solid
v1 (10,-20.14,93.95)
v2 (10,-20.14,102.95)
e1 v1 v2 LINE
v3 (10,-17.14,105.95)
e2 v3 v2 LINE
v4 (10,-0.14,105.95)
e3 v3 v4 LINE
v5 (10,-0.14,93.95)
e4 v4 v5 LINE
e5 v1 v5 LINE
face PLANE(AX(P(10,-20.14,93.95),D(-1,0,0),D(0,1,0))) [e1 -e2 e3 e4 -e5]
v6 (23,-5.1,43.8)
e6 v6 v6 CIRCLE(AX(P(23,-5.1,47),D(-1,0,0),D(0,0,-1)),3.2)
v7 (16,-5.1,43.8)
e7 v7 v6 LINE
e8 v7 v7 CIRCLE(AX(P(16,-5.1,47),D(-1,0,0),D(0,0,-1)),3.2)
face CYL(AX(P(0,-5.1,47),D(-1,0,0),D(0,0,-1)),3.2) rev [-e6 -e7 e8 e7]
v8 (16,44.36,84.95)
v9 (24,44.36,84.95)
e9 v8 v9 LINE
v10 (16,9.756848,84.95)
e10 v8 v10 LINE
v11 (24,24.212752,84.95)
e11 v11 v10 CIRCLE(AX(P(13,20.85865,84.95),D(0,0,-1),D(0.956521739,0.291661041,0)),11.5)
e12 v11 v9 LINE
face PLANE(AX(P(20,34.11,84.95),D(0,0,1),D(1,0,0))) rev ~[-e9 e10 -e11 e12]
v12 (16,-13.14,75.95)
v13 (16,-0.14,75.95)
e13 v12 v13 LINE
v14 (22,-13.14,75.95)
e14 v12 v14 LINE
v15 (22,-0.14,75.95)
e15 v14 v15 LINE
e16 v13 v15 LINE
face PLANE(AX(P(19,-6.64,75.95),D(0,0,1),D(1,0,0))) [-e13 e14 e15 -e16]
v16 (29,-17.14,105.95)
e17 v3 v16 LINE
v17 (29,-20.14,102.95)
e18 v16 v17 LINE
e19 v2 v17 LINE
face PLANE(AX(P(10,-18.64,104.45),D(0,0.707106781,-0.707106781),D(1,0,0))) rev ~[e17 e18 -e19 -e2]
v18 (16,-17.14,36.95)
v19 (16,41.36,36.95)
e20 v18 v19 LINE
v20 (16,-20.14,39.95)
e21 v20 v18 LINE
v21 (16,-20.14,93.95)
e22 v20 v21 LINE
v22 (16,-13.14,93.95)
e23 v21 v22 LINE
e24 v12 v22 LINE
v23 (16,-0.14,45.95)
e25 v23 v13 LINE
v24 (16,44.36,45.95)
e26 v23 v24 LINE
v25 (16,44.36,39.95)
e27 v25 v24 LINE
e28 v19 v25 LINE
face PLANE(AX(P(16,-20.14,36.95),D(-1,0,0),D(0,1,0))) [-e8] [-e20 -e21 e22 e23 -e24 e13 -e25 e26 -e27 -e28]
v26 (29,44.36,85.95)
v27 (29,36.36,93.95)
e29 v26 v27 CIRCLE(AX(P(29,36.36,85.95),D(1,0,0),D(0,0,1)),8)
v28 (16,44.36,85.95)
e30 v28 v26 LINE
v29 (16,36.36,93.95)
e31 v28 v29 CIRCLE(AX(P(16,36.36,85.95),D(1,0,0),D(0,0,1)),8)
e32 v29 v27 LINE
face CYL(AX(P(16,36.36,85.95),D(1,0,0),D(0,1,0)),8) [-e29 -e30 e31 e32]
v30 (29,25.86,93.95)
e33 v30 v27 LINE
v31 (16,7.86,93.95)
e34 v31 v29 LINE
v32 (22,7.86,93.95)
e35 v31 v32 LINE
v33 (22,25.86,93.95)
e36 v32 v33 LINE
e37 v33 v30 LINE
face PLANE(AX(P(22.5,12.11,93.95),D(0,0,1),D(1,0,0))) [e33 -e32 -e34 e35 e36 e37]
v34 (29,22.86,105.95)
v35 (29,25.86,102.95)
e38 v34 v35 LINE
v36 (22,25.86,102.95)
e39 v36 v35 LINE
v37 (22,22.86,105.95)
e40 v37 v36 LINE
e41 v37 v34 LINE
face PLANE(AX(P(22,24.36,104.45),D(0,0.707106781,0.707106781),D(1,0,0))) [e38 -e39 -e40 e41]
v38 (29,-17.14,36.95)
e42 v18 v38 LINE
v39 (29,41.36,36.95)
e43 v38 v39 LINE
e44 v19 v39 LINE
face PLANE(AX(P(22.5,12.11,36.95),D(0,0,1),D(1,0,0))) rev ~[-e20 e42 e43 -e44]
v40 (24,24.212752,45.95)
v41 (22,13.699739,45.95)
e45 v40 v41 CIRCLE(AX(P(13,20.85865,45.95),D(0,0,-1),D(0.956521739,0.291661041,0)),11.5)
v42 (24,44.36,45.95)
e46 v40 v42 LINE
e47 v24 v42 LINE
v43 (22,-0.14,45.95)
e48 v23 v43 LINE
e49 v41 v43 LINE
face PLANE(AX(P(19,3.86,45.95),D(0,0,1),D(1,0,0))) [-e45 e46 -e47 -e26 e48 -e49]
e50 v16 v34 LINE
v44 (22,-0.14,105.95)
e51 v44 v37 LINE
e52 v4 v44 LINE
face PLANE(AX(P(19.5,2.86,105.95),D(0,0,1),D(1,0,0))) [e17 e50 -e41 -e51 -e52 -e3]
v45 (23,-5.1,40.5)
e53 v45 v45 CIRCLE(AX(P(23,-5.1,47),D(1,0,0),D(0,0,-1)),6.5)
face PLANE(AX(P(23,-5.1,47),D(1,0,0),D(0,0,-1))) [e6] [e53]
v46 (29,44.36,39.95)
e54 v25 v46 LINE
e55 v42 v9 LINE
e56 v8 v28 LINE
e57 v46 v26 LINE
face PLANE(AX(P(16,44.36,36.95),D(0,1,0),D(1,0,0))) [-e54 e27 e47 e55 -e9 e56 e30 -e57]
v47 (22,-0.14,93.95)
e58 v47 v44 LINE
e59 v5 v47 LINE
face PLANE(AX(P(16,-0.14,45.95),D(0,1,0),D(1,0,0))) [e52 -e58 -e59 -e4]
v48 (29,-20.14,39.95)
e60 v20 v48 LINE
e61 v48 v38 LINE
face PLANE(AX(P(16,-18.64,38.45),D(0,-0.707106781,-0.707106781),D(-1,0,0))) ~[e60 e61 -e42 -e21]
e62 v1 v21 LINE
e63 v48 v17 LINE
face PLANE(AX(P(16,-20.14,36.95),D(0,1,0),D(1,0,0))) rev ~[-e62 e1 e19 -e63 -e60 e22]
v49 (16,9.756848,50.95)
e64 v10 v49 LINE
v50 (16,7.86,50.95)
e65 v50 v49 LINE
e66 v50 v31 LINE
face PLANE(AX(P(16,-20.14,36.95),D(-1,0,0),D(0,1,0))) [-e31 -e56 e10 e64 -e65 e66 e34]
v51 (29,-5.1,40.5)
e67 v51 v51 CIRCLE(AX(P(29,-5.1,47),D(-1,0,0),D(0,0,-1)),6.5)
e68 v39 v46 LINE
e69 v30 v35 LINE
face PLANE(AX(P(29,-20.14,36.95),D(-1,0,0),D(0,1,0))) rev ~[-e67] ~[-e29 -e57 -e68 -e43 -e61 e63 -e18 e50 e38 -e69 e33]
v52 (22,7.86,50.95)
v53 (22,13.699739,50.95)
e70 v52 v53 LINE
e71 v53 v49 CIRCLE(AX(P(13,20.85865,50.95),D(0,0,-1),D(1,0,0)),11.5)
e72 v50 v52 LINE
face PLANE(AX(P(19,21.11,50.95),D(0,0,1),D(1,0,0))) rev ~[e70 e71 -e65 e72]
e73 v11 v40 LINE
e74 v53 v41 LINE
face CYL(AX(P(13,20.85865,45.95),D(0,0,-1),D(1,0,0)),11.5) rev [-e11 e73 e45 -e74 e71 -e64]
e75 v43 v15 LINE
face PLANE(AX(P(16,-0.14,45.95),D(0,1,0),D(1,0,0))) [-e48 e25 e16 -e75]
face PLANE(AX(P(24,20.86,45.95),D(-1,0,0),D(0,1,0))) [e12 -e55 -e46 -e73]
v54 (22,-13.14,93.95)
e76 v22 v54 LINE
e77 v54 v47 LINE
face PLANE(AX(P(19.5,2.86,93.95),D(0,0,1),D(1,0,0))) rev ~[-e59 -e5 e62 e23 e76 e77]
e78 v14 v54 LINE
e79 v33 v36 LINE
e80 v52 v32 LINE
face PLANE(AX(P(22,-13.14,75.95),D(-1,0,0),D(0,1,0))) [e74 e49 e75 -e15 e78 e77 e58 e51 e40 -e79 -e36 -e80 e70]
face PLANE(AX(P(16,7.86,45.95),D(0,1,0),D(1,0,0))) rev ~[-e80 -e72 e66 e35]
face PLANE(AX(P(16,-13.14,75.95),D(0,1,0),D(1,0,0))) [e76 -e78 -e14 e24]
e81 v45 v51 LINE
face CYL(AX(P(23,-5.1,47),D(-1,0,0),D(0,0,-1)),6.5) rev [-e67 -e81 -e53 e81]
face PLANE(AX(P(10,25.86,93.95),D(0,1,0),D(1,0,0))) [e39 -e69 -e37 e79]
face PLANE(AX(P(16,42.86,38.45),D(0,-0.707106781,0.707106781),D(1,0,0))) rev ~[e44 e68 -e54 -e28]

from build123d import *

# Parameters (mm, degrees)
CYLINDER012_R     = 3.2
CYLINDER012_DEPTH = 30
CYLINDER013_R     = 6.5
CYLINDER013_DEPTH = 7
BOX006_W          = 6
BOX006_H          = 8
BOX006_DEPTH      = 48
BOX009_W          = 6
BOX009_H          = 13
BOX009_DEPTH      = 18
CYLINDER011_R     = 11.5
CYLINDER011_DEPTH = 39
BOX007_W          = 6
BOX007_H          = 42.5
BOX007_DEPTH      = 5
BOX008_W          = 8
BOX008_H          = 26.5
BOX008_DEPTH      = 39
BOX010_W          = 19
BOX010_H          = 27
BOX010_DEPTH      = 12
BOX005_W          = 13
BOX005_H          = 64.5
BOX005_DEPTH      = 57
FILLET_R          = 8
BOX004_W          = 19
BOX004_H          = 46
BOX004_DEPTH      = 12
CHAMFER007_SIZE   = 3


with BuildPart() as cylinder:
    # Cylinder012 → Cylinder012 (new body)
    with BuildSketch(Plane(origin=(0, -5.1, 47), x_dir=(0, 0, -1), z_dir=(1, 0, 0))):
        Circle(CYLINDER012_R)
    extrude(amount=CYLINDER012_DEPTH)


with BuildPart() as fusion006:
    # Cylinder013 → Cylinder013 (new body)
    with BuildSketch(Plane(origin=(23, -5.1, 47), x_dir=(0, 0, -1), z_dir=(1, 0, 0))):
        Circle(CYLINDER013_R)
    extrude(amount=CYLINDER013_DEPTH)

    # Fusion006: union Cylinder
    add(cylinder.part)


with BuildPart() as cube006:
    # Box006 → Box006 (new body)
    with BuildSketch(Plane(origin=(16, -0.14, 45.95), x_dir=(1, 0, 0), z_dir=(0, 0, 1))):
        with Locations((3, 4)):
            Rectangle(BOX006_W, BOX006_H)
    extrude(amount=BOX006_DEPTH)


with BuildPart() as cube009:
    # Box009 → Box009 (new body)
    with BuildSketch(Plane(origin=(16, -13.14, 75.95), x_dir=(1, 0, 0), z_dir=(0, 0, 1))):
        with Locations((3, 6.5)):
            Rectangle(BOX009_W, BOX009_H)
    extrude(amount=BOX009_DEPTH)


with BuildPart() as pos011:
    # Cylinder011 → Cylinder011 (new body)
    with BuildSketch(Plane(origin=(13, 20.85865, 45.95), x_dir=(1, 0, 0), z_dir=(0, 0, 1))):
        Circle(CYLINDER011_R)
    extrude(amount=CYLINDER011_DEPTH)


with BuildPart() as cube007:
    # Box007 → Box007 (new body)
    with BuildSketch(Plane(origin=(16, -0.14, 45.95), x_dir=(1, 0, 0), z_dir=(0, 0, 1))):
        with Locations((3, 21.25)):
            Rectangle(BOX007_W, BOX007_H)
    extrude(amount=BOX007_DEPTH)


with BuildPart() as cube008:
    # Box008 → Box008 (new body)
    with BuildSketch(Plane(origin=(16, 20.86, 45.95), x_dir=(1, 0, 0), z_dir=(0, 0, 1))):
        with Locations((4, 13.25)):
            Rectangle(BOX008_W, BOX008_H)
    extrude(amount=BOX008_DEPTH)


with BuildPart() as fusion009:
    # Box010 → Box010 (new body)
    with BuildSketch(Plane(origin=(3, -0.14, 93.95), x_dir=(1, 0, 0), z_dir=(0, 0, 1))):
        with Locations((9.5, 13.5)):
            Rectangle(BOX010_W, BOX010_H)
    extrude(amount=BOX010_DEPTH)

    # Fusion009: union Fusion006, Cube006, Cube009, pos011, Cube007, Cube008
    add(fusion006.part)
    add(cube006.part)
    add(cube009.part)
    add(pos011.part)
    add(cube007.part)
    add(cube008.part)


with BuildPart() as fillet_body:
    # Box005 → Box005 (new body)
    with BuildSketch(Plane(origin=(16, -20.14, 36.95), x_dir=(1, 0, 0), z_dir=(0, 0, 1))):
        with Locations((6.5, 32.25)):
            Rectangle(BOX005_W, BOX005_H)
    extrude(amount=BOX005_DEPTH)

    # Fillet
    fillet_edges = [fillet_body.edges().sort_by_distance(p)[0] for p in [
        (22.5, 44.36, 93.95),
    ]]
    fillet(fillet_edges, radius=FILLET_R)


with BuildPart() as chamfer007:
    # Box004 → Box004 (new body)
    with BuildSketch(Plane(origin=(10, -20.14, 93.95), x_dir=(1, 0, 0), z_dir=(0, 0, 1))):
        with Locations((9.5, 23)):
            Rectangle(BOX004_W, BOX004_H)
    extrude(amount=BOX004_DEPTH)

    # Fusion008: union Fillet body
    add(fillet_body.part)

    # Cut005003: cut Fusion009
    add(fusion009.part, mode=Mode.SUBTRACT)

    # Chamfer007
    chamfer007_edges = [chamfer007.edges().sort_by_distance(p)[0] for p in [
        (25.5, 25.86, 105.95),
        (19.5, -20.14, 105.95),
        (22.5, -20.14, 36.95),
        (22.5, 44.36, 36.95),
    ]]
    chamfer(chamfer007_edges, length=CHAMFER007_SIZE)


solid = chamfer007.part
